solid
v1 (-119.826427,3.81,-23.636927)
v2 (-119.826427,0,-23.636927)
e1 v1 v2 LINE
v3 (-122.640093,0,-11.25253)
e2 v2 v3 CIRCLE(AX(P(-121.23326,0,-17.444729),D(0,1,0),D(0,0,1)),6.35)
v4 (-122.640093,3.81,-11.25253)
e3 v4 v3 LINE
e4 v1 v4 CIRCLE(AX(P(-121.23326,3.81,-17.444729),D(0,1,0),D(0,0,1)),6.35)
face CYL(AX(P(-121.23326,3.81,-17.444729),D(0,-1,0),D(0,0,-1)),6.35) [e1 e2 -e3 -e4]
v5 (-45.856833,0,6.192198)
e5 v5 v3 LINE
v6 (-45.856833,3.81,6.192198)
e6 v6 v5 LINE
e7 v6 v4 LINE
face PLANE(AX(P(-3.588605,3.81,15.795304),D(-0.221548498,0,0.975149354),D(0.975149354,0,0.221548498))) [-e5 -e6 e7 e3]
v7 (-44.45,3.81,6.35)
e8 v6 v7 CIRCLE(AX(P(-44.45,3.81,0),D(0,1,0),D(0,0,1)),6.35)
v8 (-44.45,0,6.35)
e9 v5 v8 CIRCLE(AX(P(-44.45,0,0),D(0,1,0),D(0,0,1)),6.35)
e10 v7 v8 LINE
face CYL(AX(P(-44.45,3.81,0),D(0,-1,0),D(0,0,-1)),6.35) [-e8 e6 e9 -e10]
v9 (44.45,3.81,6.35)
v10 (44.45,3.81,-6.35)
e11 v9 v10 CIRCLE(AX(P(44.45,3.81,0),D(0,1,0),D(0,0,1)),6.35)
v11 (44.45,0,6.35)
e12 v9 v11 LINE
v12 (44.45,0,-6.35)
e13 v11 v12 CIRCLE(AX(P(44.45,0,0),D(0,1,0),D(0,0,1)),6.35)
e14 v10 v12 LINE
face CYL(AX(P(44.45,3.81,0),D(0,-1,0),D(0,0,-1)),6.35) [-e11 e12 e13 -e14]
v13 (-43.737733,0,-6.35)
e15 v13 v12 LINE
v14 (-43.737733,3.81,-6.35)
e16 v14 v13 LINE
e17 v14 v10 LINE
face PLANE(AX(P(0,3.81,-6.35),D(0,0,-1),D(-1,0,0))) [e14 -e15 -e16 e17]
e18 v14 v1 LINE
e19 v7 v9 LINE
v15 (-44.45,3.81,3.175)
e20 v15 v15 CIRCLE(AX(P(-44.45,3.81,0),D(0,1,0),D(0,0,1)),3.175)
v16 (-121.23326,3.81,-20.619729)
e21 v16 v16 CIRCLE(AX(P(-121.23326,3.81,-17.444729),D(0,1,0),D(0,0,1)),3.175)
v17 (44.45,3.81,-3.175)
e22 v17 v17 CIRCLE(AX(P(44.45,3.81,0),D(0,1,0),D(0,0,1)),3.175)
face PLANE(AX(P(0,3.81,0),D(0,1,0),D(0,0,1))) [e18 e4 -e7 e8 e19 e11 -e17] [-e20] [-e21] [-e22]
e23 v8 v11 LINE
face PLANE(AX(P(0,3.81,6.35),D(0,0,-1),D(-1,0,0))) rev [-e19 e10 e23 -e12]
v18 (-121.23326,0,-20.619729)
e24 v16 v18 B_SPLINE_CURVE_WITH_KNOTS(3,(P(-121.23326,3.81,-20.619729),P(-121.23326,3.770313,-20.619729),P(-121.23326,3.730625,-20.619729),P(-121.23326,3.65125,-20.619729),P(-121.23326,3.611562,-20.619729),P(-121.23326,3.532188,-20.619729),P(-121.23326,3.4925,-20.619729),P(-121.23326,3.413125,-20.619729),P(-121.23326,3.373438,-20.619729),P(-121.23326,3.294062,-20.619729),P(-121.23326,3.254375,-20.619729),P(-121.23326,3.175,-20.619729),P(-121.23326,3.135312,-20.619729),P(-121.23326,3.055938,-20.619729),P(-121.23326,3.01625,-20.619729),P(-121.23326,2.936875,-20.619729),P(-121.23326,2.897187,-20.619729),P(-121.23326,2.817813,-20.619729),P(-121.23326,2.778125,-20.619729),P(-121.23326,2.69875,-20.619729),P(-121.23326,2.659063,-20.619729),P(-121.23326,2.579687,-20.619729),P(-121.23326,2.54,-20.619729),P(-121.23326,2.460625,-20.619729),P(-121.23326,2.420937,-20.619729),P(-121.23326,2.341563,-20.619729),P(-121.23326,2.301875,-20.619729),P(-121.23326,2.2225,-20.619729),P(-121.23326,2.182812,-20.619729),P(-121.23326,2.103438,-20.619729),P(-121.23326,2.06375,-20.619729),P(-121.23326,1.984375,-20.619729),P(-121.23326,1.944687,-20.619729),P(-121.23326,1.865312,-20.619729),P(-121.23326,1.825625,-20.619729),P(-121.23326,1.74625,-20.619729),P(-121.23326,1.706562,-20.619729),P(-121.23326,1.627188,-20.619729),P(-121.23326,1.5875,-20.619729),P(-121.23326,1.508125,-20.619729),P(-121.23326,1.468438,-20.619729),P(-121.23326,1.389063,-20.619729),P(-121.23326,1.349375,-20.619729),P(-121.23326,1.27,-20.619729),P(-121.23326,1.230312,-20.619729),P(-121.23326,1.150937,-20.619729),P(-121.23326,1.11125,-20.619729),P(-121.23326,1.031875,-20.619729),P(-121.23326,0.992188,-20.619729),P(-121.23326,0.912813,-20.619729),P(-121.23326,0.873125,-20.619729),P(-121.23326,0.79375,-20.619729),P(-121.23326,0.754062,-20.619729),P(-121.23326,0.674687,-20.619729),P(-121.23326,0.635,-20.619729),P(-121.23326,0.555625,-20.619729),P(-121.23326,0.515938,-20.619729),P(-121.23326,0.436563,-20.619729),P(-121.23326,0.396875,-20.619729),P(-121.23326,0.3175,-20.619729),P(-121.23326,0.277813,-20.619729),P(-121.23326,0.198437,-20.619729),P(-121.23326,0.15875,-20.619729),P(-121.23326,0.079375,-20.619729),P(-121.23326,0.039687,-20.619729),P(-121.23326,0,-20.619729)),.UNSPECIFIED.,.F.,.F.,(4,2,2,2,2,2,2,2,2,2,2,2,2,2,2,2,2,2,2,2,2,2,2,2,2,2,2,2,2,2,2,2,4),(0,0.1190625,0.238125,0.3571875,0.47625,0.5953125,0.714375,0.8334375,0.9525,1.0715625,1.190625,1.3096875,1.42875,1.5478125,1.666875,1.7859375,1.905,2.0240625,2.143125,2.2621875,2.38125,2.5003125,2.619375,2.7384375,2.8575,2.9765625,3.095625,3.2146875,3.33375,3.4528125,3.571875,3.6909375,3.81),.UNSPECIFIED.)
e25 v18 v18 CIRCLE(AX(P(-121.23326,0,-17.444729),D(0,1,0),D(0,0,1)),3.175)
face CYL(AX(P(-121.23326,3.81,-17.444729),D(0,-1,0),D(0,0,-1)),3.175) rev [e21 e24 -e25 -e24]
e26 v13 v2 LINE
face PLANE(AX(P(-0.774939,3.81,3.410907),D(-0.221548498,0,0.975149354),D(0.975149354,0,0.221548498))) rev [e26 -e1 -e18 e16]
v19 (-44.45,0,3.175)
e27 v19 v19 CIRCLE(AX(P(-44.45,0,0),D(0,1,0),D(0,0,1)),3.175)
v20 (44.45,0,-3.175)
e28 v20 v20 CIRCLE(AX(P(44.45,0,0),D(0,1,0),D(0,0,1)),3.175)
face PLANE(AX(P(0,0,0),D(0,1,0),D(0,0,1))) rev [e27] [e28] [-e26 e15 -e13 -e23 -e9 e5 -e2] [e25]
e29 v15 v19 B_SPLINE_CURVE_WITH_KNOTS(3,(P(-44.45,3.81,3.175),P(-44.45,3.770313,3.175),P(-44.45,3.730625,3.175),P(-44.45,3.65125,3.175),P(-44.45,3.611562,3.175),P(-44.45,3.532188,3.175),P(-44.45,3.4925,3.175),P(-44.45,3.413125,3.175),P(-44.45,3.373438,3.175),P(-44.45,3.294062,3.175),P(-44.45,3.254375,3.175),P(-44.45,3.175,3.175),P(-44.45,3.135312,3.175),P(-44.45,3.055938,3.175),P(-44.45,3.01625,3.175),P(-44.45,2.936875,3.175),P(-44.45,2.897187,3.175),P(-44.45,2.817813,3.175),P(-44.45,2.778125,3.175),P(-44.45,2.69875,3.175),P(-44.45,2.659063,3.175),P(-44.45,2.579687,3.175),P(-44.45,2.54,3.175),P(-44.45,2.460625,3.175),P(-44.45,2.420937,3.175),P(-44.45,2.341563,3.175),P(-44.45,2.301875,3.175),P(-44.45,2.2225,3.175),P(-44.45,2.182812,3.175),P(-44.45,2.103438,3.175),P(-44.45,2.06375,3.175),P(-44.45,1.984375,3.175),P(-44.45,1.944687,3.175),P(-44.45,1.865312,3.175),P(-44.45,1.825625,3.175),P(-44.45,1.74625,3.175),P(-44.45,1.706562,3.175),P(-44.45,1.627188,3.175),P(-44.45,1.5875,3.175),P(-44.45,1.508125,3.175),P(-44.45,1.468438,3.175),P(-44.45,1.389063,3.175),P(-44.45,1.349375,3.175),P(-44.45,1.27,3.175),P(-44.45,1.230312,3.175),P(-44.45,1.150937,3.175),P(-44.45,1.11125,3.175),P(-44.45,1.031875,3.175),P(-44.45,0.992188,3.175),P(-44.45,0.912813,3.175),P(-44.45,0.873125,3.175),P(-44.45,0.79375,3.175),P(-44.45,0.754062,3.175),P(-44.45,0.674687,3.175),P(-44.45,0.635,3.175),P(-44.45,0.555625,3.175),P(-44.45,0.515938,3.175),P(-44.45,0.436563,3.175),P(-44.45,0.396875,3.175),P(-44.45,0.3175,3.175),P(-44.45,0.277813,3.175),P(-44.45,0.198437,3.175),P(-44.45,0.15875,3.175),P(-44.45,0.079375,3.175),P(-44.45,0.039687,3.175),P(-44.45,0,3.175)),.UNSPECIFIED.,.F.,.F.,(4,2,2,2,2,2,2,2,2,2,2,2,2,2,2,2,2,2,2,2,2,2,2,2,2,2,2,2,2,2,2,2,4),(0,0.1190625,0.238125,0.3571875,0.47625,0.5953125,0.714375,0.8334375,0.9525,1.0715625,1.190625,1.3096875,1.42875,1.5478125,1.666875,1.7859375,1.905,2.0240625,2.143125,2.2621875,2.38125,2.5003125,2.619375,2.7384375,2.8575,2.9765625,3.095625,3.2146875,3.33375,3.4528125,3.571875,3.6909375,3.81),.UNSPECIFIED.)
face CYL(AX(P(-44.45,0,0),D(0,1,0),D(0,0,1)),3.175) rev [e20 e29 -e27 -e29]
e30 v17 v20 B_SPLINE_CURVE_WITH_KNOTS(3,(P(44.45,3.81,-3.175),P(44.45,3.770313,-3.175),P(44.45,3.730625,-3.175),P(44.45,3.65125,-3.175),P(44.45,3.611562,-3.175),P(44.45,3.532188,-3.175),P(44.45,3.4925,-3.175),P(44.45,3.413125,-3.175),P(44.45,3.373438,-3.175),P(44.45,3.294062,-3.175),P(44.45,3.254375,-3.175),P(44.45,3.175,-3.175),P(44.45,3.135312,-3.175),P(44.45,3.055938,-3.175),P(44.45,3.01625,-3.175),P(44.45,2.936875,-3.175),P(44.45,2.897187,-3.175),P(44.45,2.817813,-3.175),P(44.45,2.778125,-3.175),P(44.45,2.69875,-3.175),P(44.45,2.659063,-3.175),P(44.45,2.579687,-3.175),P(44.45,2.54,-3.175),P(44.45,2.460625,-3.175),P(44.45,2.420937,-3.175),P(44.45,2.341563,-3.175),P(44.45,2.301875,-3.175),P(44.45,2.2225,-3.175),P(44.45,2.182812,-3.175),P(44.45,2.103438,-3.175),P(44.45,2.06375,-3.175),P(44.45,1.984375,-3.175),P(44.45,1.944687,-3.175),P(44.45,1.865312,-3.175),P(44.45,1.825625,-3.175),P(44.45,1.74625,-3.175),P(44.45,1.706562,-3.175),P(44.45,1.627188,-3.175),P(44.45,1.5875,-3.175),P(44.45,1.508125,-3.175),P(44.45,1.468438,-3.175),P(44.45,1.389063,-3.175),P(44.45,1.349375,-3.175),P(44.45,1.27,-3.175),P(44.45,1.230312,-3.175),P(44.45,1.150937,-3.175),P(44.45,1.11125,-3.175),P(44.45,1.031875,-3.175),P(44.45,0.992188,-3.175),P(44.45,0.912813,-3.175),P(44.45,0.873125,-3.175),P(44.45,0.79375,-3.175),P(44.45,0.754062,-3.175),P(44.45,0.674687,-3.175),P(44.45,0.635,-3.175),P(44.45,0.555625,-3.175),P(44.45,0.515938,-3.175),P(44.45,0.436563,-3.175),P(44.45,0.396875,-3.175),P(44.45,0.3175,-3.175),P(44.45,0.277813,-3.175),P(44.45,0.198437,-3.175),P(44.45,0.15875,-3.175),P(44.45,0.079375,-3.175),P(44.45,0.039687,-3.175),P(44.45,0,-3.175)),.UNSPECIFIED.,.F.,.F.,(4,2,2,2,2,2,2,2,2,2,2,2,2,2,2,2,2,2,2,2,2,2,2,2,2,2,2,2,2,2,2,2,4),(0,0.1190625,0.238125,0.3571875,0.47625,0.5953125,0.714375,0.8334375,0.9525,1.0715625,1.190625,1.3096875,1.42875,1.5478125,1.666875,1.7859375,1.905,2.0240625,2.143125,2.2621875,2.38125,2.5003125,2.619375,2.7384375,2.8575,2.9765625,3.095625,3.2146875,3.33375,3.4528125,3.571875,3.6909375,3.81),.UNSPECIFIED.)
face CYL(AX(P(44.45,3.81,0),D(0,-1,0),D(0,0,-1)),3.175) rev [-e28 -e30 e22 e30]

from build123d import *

# Parameters (mm, degrees)
SKETCH2_R               = 3.175
BOSS_EXTRUDE2_DEPTH     = 3.81
SKETCH1_R               = 3.175
BOSS_EXTRUDE3_DEPTH     = 3.81
CUT_EXTRUDE1_DEPTH      = 130.839106153
CUT_EXTRUDE1_DEPTH_BACK = 130.839106153
SKETCH3_R               = 3.175


with BuildPart() as part:
    # Sketch2 → Boss-Extrude2 (new body)
    with BuildSketch(Plane(origin=(0, 0, 0), x_dir=(1, 0, 0), z_dir=(0, 1, 0))):
        with BuildLine():
            Line((-45.85683296, -6.1921984), (-122.640093118, 11.252530303))
            ThreePointArc((-122.640093118, 11.252530303), (-127.425458558, 18.851561662), (-119.826427198, 23.636927102))
            Line((-119.826427198, 23.636927102), (-43.04316704, 6.1921984))
            ThreePointArc((-43.04316704, 6.1921984), (-38.2578016, -1.40683296), (-45.85683296, -6.1921984))
        make_face()
        with Locations(Location((-121.233260158, 17.444728703, 0), (0, 0, 90))):
            Circle(SKETCH2_R, mode=Mode.SUBTRACT)
    extrude(amount=BOSS_EXTRUDE2_DEPTH)

    # Sketch1 → Boss-Extrude3 (add)
    with BuildSketch(Plane(origin=(0, 0, 0), x_dir=(1, 0, 0), z_dir=(0, 1, 0))):
        with BuildLine():
            Line((-44.45, 6.35), (44.45, 6.35))
            ThreePointArc((44.45, 6.35), (50.8, 0), (44.45, -6.35))
            Line((44.45, -6.35), (-44.45, -6.35))
            ThreePointArc((-44.45, -6.35), (-50.8, 0), (-44.45, 6.35))
        make_face()
        with Locations(Location((44.45, 0, 0), (0, 0, 90))):
            Circle(SKETCH1_R, mode=Mode.SUBTRACT)
    extrude(amount=BOSS_EXTRUDE3_DEPTH)

    # Sketch3 → Cut-Extrude1 (cut, two sides: drawn at the far end of the back side and taken through both)
    with BuildSketch(Plane(origin=(0, 3.81, 0), x_dir=(1, 0, 0), z_dir=(0, 1, 0)).offset(-CUT_EXTRUDE1_DEPTH_BACK)):
        with Locations(Location((-44.45, 0, 0), (0, 0, 270))):
            Circle(SKETCH3_R)
    extrude(amount=CUT_EXTRUDE1_DEPTH + CUT_EXTRUDE1_DEPTH_BACK, mode=Mode.SUBTRACT)


solid = part.part
